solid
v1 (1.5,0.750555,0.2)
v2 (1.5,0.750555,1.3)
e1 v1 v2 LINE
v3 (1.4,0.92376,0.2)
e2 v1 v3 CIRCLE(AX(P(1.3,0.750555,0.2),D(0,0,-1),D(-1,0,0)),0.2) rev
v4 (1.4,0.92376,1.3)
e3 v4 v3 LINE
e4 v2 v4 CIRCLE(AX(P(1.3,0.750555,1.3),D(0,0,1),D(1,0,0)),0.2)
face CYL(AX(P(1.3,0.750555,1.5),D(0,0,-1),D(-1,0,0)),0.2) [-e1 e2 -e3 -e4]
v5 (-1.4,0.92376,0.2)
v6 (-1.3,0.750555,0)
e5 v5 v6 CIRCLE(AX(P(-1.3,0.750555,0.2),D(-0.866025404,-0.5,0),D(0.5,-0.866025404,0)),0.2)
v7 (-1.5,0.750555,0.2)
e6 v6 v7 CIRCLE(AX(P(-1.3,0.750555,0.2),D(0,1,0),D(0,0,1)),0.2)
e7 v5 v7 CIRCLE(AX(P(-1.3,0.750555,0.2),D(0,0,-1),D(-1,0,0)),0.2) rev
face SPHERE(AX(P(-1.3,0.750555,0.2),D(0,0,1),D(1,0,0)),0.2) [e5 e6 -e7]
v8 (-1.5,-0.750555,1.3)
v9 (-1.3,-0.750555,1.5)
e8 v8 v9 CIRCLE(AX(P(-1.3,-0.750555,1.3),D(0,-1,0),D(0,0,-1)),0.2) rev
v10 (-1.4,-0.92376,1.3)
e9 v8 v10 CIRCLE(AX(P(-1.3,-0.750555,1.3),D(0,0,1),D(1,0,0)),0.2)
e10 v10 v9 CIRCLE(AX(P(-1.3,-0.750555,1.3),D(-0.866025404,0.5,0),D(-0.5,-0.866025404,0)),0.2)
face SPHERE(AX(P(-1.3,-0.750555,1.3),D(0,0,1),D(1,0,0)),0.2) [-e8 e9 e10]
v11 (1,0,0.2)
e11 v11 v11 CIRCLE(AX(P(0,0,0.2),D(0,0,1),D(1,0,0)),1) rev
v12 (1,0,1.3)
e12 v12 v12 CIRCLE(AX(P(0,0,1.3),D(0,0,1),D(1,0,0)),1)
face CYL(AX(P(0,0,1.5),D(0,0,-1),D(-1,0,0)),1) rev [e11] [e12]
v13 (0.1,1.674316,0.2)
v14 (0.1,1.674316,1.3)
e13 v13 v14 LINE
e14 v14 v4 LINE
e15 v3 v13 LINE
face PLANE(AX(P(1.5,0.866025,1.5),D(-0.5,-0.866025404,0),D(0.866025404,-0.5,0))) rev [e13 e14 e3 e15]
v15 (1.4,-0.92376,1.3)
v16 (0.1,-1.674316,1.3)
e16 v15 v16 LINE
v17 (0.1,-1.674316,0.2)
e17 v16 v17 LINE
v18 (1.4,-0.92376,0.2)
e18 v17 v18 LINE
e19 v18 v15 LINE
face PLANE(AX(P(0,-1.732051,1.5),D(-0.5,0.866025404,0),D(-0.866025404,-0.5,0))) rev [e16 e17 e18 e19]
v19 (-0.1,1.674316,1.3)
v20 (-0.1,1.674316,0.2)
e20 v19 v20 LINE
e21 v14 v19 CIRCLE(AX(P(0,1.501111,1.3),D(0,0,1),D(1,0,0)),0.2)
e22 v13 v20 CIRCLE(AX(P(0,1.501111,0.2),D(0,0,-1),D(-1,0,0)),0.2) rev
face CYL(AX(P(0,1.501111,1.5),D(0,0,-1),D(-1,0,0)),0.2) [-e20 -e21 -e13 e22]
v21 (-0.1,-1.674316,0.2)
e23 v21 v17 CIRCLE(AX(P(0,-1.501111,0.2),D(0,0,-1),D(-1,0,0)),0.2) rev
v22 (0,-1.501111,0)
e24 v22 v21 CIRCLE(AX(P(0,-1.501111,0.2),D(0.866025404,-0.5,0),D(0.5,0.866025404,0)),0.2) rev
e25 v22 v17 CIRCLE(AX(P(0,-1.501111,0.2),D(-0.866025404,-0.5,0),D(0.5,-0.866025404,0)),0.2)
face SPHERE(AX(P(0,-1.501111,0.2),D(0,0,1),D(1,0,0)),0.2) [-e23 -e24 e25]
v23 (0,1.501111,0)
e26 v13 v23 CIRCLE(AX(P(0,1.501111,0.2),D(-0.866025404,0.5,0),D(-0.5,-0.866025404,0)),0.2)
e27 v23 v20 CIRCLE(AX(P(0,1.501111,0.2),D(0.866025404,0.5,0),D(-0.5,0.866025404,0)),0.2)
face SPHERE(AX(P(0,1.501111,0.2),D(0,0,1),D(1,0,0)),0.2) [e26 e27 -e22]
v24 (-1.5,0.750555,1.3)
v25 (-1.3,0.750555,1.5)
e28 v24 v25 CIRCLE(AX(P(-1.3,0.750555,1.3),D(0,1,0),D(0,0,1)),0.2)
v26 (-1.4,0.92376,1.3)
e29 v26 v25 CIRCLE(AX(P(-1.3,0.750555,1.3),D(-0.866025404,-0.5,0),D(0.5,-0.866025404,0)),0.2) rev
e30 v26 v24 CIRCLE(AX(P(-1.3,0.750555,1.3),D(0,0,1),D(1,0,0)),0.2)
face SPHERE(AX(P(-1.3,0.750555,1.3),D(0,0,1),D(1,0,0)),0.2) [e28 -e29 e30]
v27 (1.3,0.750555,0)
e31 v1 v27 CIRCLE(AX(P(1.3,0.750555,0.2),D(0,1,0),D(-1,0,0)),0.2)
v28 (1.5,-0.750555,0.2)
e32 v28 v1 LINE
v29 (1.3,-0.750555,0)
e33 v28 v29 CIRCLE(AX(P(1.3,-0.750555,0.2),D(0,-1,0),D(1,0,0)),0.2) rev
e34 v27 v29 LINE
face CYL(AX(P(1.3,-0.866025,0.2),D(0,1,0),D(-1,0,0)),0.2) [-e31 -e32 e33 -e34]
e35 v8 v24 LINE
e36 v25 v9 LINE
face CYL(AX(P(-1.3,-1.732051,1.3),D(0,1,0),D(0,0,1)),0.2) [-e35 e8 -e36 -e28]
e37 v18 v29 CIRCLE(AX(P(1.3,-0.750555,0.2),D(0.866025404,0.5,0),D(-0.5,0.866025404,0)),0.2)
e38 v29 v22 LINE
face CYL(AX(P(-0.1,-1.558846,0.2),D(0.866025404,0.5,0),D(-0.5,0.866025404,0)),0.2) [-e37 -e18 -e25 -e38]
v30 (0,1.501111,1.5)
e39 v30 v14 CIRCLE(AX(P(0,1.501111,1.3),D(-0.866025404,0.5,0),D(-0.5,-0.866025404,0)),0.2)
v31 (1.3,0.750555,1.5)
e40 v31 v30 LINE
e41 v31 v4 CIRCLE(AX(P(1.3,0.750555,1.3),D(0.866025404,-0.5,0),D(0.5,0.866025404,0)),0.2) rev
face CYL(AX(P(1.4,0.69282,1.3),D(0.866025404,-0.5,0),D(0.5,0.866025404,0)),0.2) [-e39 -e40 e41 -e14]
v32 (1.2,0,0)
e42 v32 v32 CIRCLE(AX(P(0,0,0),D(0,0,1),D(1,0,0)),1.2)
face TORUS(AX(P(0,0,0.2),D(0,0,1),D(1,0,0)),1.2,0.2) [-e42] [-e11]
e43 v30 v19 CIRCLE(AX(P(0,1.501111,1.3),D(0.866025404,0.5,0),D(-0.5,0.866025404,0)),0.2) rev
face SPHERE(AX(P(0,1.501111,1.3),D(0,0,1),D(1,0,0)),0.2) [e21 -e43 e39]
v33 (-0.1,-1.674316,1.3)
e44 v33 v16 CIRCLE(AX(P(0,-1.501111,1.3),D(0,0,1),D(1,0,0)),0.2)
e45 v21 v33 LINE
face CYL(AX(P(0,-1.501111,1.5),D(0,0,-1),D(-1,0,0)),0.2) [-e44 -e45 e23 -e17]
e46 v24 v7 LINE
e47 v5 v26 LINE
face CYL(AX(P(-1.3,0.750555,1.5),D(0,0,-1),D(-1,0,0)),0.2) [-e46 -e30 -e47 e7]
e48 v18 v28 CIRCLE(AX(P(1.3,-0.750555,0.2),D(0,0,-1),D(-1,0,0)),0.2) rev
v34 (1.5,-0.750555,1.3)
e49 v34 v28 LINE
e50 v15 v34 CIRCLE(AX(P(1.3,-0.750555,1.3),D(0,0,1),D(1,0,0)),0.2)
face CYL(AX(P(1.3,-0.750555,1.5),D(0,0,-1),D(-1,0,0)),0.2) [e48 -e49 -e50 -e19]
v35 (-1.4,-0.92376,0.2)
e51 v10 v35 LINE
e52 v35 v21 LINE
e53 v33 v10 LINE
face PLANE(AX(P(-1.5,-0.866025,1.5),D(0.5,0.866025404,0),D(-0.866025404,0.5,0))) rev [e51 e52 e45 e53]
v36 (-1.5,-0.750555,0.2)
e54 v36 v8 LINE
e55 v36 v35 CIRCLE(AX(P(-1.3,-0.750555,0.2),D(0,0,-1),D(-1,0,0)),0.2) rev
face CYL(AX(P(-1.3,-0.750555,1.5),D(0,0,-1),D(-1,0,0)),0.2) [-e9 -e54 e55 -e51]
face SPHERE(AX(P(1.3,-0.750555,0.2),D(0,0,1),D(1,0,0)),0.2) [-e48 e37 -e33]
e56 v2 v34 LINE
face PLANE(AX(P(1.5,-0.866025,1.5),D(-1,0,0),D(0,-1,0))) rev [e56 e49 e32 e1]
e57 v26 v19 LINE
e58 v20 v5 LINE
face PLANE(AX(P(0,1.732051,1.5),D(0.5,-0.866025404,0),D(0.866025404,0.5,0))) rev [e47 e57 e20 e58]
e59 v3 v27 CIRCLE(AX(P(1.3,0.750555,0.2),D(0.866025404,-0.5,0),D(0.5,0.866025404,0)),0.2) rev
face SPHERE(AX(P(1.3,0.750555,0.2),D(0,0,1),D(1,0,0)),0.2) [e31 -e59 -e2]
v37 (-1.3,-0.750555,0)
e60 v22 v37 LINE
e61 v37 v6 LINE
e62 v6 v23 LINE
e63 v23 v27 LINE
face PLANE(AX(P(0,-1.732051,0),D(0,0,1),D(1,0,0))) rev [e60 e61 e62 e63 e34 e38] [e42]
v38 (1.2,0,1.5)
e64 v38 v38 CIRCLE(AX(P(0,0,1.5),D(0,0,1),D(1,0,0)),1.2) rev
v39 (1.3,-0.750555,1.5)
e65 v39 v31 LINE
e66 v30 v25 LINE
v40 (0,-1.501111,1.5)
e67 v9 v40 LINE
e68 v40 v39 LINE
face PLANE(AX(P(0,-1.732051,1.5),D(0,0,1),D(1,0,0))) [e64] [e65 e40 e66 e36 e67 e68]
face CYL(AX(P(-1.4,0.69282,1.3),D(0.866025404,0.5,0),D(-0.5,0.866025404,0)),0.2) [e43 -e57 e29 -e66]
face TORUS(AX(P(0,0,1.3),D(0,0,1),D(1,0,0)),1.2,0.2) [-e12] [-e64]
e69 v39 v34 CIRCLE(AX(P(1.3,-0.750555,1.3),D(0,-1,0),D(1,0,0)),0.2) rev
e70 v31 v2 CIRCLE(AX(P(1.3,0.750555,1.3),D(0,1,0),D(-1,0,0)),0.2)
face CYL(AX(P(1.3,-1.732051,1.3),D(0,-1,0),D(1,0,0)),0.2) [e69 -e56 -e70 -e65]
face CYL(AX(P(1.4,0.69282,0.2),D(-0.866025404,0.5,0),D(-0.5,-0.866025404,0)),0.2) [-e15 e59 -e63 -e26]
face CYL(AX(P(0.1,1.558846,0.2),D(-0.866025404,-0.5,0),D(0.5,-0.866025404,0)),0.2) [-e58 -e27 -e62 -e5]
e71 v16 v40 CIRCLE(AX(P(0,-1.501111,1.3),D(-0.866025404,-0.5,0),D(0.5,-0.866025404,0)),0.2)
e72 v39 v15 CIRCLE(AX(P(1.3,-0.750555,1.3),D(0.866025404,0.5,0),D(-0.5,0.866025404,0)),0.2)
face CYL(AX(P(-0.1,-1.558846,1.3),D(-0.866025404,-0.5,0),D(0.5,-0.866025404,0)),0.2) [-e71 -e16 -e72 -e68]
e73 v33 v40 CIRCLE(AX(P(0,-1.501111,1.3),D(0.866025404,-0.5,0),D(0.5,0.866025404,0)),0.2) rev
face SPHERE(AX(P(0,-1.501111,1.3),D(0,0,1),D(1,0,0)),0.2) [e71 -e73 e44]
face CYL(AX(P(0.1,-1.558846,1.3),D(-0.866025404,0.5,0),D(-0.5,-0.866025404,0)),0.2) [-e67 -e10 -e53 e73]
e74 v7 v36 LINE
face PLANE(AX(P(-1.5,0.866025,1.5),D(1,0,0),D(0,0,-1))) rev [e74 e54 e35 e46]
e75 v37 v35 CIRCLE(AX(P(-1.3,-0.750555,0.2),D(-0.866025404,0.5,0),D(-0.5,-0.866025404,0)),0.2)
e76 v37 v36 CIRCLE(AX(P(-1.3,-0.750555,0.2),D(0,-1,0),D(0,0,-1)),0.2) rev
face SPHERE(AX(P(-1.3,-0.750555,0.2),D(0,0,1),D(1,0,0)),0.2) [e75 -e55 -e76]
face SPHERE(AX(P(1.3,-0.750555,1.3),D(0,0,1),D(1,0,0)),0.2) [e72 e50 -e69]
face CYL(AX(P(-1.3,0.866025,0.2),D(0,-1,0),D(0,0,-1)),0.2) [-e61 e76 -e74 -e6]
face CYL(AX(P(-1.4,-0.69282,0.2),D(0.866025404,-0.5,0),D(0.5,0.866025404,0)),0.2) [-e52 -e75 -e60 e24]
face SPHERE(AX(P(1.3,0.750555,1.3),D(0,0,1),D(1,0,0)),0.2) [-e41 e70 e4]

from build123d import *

# Parameters (mm, degrees)
SKETCH1_R      = 1
EXTRUDE1_DEPTH = 1.5
FILLET1_R      = 0.2


with BuildPart() as part:
    # Sketch1 → Extrude1 (new body)
    with BuildSketch(Plane.XY):
        Polygon((0, -1.732050808), (1.5, -0.866025404), (1.5, 0.866025404), (0, 1.732050808), (-1.5, 0.866025404), (-1.5, -0.866025404), align=None)
        Circle(SKETCH1_R, mode=Mode.SUBTRACT)
    extrude(amount=EXTRUDE1_DEPTH)

    # Fillet1
    fillet1_edges = [part.edges().sort_by_distance(p)[0] for p in [
        (1.5, 0, 1.5),
        (-1.5, -0.866025404, 0.75),
        (-1.5, 0.866025404, 0.75),
        (0, 1.732050808, 0.75),
        (1.5, 0.866025404, 0.75),
        (1.5, -0.866025404, 0.75),
        (0, -1.732050808, 0.75),
        (0.75, 1.299038106, 1.5),
        (-0.75, 1.299038106, 1.5),
        (-1, 0, 0),
        (-1, 0, 1.5),
        (-1.5, 0, 1.5),
        (-0.75, -1.299038106, 1.5),
        (-1.5, 0, 0),
        (-0.75, 1.299038106, 0),
        (0.75, 1.299038106, 0),
        (0.75, -1.299038106, 1.5),
        (1.5, 0, 0),
        (0.75, -1.299038106, 0),
        (-0.75, -1.299038106, 0),
    ]]
    fillet(fillet1_edges, radius=FILLET1_R)


solid = part.part
